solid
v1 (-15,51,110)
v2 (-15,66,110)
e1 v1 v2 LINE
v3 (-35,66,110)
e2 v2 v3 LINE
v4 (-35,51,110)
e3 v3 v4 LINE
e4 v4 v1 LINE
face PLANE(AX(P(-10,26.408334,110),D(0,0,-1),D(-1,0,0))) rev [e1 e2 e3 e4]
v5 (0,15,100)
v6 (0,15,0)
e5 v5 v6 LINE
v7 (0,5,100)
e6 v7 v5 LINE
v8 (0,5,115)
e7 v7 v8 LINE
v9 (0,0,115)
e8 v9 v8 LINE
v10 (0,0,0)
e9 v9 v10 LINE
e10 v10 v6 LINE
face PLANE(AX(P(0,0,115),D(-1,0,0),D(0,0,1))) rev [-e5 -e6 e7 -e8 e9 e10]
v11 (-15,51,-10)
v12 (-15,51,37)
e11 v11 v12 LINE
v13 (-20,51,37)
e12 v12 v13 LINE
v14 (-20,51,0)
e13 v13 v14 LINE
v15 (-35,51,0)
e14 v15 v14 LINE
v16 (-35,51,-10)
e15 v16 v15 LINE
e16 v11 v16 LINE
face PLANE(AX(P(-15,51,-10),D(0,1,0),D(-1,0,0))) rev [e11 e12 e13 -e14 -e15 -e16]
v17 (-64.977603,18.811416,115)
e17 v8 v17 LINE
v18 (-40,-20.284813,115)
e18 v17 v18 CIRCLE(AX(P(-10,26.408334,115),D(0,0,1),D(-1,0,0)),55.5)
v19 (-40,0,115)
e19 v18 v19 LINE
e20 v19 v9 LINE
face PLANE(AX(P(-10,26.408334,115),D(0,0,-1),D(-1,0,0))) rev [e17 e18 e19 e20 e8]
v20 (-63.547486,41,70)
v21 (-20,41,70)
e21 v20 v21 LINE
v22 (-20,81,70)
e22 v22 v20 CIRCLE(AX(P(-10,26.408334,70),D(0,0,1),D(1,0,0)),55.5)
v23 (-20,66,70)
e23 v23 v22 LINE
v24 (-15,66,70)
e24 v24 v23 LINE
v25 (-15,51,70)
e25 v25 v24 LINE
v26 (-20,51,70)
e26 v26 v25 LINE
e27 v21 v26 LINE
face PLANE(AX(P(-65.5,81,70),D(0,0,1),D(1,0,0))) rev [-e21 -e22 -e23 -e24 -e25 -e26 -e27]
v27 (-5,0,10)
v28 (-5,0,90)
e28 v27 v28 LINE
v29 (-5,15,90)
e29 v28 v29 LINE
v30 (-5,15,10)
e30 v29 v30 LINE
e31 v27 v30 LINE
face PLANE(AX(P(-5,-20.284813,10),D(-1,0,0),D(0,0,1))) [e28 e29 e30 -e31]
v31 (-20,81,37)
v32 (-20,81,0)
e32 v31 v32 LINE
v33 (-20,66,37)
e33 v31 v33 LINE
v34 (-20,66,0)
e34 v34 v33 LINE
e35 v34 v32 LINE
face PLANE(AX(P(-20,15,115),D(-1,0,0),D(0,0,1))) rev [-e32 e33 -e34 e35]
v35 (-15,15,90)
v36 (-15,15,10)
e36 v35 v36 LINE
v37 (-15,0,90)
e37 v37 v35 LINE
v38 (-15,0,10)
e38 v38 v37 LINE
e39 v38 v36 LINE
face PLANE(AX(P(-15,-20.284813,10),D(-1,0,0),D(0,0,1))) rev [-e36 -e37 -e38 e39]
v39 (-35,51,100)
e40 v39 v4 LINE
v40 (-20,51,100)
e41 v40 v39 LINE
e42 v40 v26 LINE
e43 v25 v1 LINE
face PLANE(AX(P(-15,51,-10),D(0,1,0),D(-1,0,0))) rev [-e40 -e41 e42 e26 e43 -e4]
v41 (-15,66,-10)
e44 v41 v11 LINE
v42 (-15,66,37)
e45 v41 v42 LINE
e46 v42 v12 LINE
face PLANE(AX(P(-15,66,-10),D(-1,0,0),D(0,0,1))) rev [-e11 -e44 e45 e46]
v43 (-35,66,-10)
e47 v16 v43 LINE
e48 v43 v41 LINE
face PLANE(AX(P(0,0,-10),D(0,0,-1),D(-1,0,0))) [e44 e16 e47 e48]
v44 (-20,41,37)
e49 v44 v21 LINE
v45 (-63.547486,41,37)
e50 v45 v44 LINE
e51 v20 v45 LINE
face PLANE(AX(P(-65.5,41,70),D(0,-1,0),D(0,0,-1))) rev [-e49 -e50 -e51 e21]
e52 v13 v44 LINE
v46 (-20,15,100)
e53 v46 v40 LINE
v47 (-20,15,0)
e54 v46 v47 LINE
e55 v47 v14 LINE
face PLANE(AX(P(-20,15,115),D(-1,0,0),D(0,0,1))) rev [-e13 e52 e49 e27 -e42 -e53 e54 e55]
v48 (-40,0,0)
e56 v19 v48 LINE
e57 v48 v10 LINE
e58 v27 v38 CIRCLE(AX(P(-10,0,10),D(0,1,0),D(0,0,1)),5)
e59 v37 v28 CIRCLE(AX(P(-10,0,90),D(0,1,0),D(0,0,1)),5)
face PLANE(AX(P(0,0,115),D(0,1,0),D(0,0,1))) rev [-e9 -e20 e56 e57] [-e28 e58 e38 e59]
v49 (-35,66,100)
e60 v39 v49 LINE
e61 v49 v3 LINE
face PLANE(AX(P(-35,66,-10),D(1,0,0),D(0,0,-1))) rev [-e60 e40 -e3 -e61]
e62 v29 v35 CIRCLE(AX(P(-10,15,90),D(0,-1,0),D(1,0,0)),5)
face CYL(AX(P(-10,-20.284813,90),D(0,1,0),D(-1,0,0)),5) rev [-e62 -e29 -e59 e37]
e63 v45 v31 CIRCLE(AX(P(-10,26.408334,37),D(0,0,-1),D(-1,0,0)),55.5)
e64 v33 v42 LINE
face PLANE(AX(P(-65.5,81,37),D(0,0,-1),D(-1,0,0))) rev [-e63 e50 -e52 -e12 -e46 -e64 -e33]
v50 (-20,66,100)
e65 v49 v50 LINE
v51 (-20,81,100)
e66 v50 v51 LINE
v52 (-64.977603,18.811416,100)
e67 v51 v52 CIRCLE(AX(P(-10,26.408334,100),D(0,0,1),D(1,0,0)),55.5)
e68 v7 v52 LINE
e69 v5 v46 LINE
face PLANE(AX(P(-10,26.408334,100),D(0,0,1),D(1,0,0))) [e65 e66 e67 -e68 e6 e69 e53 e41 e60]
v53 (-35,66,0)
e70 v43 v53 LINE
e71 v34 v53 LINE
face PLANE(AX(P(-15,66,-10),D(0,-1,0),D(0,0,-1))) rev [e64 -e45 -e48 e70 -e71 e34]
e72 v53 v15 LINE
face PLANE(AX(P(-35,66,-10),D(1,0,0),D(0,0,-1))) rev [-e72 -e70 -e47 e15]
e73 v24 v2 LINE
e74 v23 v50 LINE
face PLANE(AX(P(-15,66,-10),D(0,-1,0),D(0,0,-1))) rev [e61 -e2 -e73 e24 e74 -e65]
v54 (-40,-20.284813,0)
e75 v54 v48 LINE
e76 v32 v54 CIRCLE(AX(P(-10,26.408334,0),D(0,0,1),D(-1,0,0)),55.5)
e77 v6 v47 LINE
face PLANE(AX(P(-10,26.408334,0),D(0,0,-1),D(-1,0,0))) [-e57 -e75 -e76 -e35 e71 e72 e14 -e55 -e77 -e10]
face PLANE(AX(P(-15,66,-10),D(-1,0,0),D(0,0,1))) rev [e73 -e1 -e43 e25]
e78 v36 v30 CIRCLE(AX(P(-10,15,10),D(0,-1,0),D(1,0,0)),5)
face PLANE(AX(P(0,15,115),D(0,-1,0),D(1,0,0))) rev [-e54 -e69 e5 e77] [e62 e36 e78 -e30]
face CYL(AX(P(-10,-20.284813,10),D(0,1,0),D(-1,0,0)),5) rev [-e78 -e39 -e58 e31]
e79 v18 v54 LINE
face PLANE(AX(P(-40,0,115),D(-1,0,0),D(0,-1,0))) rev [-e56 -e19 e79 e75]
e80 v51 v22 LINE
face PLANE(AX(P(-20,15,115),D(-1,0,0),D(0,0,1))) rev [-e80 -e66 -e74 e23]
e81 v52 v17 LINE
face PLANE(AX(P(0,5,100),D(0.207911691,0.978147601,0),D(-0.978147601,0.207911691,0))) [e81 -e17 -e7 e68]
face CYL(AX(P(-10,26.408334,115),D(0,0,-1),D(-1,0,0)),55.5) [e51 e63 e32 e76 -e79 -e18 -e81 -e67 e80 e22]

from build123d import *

# Parameters (mm, degrees)
BOSS_EXTRUDE1_DEPTH      = 115
CUT_EXTRUDE1_START       = -15
CUT_EXTRUDE1_DEPTH       = 15
BOSS_EXTRUDE3_DEPTH      = 10
BOSS_EXTRUDE3_DEPTH_BACK = 110
SKETCH3_W                = 20
SKETCH3_H                = 15
CUT_EXTRUDE3_DEPTH       = 148.83859442
CUT_EXTRUDE3_DEPTH_BACK  = 148.83859442
SKETCH4_W                = 33
SKETCH4_H                = 40
CUT_EXTRUDE4_DEPTH       = 148.88931672
CUT_EXTRUDE4_DEPTH_BACK  = 148.88931672


with BuildPart() as part:
    # Sketch1 → Boss-Extrude1 (new body)
    with BuildSketch(Plane.XY):
        with BuildLine():
            Line((0, 0), (-40, 0))
            Line((-40, 0), (-40, -20.284813279))
            ThreePointArc((-40, -20.284813279), (-64.44863038, 37.159922212), (-20, 81))
            Line((-20, 81), (-20, 15))
            Line((-20, 15), (0, 15))
            Line((0, 15), (0, 0))
        make_face()
    extrude(amount=BOSS_EXTRUDE1_DEPTH)

    # Sketch2 → Cut-Extrude1 (cut)
    with BuildSketch(Plane.XY.offset(115).offset(CUT_EXTRUDE1_START)):
        with BuildLine():
            Line((0, 5), (-64.977603037, 18.811415887))
            ThreePointArc((-64.977603037, 18.811415887), (-54.970848586, 58.933290194), (-20, 81))
            Line((-20, 81), (-20, 15))
            Line((-20, 15), (0, 15))
            Line((0, 15), (0, 5))
        make_face()
    extrude(amount=CUT_EXTRUDE1_DEPTH, mode=Mode.SUBTRACT)

    # Sketch3 → Boss-Extrude3 (add, two sides: drawn at the far end of the back side and taken through both)
    with BuildSketch(Plane(origin=(0, 0, 0), x_dir=(-1, 0, 0), z_dir=(0, 0, -1)).offset(-BOSS_EXTRUDE3_DEPTH_BACK)):
        with Locations((25, 58.5)):
            Rectangle(SKETCH3_W, SKETCH3_H)
    extrude(amount=BOSS_EXTRUDE3_DEPTH + BOSS_EXTRUDE3_DEPTH_BACK)

    # Sketch4 → Cut-Extrude3 (cut, two sides: drawn at the far end of the back side and taken through both)
    with BuildSketch(Plane(origin=(-20, 0, 0), x_dir=(0, 0, -1), z_dir=(1, 0, 0)).offset(-CUT_EXTRUDE3_DEPTH_BACK)):
        with Locations((-53.5, 61)):
            Rectangle(SKETCH4_W, SKETCH4_H)
    extrude(amount=CUT_EXTRUDE3_DEPTH + CUT_EXTRUDE3_DEPTH_BACK, mode=Mode.SUBTRACT)

    # Sketch5 → Cut-Extrude4 (cut, two sides: drawn at the far end of the back side and taken through both)
    with BuildSketch(Plane(origin=(0, 15, 0), x_dir=(1, 0, 0), z_dir=(0, 1, 0)).offset(-CUT_EXTRUDE4_DEPTH_BACK)):
        with BuildLine():
            Line((-5, -10), (-5, -90))
            ThreePointArc((-5, -90), (-10, -95), (-15, -90))
            Line((-15, -90), (-15, -10))
            ThreePointArc((-15, -10), (-10, -5), (-5, -10))
        make_face()
    extrude(amount=CUT_EXTRUDE4_DEPTH + CUT_EXTRUDE4_DEPTH_BACK, mode=Mode.SUBTRACT)


solid = part.part
